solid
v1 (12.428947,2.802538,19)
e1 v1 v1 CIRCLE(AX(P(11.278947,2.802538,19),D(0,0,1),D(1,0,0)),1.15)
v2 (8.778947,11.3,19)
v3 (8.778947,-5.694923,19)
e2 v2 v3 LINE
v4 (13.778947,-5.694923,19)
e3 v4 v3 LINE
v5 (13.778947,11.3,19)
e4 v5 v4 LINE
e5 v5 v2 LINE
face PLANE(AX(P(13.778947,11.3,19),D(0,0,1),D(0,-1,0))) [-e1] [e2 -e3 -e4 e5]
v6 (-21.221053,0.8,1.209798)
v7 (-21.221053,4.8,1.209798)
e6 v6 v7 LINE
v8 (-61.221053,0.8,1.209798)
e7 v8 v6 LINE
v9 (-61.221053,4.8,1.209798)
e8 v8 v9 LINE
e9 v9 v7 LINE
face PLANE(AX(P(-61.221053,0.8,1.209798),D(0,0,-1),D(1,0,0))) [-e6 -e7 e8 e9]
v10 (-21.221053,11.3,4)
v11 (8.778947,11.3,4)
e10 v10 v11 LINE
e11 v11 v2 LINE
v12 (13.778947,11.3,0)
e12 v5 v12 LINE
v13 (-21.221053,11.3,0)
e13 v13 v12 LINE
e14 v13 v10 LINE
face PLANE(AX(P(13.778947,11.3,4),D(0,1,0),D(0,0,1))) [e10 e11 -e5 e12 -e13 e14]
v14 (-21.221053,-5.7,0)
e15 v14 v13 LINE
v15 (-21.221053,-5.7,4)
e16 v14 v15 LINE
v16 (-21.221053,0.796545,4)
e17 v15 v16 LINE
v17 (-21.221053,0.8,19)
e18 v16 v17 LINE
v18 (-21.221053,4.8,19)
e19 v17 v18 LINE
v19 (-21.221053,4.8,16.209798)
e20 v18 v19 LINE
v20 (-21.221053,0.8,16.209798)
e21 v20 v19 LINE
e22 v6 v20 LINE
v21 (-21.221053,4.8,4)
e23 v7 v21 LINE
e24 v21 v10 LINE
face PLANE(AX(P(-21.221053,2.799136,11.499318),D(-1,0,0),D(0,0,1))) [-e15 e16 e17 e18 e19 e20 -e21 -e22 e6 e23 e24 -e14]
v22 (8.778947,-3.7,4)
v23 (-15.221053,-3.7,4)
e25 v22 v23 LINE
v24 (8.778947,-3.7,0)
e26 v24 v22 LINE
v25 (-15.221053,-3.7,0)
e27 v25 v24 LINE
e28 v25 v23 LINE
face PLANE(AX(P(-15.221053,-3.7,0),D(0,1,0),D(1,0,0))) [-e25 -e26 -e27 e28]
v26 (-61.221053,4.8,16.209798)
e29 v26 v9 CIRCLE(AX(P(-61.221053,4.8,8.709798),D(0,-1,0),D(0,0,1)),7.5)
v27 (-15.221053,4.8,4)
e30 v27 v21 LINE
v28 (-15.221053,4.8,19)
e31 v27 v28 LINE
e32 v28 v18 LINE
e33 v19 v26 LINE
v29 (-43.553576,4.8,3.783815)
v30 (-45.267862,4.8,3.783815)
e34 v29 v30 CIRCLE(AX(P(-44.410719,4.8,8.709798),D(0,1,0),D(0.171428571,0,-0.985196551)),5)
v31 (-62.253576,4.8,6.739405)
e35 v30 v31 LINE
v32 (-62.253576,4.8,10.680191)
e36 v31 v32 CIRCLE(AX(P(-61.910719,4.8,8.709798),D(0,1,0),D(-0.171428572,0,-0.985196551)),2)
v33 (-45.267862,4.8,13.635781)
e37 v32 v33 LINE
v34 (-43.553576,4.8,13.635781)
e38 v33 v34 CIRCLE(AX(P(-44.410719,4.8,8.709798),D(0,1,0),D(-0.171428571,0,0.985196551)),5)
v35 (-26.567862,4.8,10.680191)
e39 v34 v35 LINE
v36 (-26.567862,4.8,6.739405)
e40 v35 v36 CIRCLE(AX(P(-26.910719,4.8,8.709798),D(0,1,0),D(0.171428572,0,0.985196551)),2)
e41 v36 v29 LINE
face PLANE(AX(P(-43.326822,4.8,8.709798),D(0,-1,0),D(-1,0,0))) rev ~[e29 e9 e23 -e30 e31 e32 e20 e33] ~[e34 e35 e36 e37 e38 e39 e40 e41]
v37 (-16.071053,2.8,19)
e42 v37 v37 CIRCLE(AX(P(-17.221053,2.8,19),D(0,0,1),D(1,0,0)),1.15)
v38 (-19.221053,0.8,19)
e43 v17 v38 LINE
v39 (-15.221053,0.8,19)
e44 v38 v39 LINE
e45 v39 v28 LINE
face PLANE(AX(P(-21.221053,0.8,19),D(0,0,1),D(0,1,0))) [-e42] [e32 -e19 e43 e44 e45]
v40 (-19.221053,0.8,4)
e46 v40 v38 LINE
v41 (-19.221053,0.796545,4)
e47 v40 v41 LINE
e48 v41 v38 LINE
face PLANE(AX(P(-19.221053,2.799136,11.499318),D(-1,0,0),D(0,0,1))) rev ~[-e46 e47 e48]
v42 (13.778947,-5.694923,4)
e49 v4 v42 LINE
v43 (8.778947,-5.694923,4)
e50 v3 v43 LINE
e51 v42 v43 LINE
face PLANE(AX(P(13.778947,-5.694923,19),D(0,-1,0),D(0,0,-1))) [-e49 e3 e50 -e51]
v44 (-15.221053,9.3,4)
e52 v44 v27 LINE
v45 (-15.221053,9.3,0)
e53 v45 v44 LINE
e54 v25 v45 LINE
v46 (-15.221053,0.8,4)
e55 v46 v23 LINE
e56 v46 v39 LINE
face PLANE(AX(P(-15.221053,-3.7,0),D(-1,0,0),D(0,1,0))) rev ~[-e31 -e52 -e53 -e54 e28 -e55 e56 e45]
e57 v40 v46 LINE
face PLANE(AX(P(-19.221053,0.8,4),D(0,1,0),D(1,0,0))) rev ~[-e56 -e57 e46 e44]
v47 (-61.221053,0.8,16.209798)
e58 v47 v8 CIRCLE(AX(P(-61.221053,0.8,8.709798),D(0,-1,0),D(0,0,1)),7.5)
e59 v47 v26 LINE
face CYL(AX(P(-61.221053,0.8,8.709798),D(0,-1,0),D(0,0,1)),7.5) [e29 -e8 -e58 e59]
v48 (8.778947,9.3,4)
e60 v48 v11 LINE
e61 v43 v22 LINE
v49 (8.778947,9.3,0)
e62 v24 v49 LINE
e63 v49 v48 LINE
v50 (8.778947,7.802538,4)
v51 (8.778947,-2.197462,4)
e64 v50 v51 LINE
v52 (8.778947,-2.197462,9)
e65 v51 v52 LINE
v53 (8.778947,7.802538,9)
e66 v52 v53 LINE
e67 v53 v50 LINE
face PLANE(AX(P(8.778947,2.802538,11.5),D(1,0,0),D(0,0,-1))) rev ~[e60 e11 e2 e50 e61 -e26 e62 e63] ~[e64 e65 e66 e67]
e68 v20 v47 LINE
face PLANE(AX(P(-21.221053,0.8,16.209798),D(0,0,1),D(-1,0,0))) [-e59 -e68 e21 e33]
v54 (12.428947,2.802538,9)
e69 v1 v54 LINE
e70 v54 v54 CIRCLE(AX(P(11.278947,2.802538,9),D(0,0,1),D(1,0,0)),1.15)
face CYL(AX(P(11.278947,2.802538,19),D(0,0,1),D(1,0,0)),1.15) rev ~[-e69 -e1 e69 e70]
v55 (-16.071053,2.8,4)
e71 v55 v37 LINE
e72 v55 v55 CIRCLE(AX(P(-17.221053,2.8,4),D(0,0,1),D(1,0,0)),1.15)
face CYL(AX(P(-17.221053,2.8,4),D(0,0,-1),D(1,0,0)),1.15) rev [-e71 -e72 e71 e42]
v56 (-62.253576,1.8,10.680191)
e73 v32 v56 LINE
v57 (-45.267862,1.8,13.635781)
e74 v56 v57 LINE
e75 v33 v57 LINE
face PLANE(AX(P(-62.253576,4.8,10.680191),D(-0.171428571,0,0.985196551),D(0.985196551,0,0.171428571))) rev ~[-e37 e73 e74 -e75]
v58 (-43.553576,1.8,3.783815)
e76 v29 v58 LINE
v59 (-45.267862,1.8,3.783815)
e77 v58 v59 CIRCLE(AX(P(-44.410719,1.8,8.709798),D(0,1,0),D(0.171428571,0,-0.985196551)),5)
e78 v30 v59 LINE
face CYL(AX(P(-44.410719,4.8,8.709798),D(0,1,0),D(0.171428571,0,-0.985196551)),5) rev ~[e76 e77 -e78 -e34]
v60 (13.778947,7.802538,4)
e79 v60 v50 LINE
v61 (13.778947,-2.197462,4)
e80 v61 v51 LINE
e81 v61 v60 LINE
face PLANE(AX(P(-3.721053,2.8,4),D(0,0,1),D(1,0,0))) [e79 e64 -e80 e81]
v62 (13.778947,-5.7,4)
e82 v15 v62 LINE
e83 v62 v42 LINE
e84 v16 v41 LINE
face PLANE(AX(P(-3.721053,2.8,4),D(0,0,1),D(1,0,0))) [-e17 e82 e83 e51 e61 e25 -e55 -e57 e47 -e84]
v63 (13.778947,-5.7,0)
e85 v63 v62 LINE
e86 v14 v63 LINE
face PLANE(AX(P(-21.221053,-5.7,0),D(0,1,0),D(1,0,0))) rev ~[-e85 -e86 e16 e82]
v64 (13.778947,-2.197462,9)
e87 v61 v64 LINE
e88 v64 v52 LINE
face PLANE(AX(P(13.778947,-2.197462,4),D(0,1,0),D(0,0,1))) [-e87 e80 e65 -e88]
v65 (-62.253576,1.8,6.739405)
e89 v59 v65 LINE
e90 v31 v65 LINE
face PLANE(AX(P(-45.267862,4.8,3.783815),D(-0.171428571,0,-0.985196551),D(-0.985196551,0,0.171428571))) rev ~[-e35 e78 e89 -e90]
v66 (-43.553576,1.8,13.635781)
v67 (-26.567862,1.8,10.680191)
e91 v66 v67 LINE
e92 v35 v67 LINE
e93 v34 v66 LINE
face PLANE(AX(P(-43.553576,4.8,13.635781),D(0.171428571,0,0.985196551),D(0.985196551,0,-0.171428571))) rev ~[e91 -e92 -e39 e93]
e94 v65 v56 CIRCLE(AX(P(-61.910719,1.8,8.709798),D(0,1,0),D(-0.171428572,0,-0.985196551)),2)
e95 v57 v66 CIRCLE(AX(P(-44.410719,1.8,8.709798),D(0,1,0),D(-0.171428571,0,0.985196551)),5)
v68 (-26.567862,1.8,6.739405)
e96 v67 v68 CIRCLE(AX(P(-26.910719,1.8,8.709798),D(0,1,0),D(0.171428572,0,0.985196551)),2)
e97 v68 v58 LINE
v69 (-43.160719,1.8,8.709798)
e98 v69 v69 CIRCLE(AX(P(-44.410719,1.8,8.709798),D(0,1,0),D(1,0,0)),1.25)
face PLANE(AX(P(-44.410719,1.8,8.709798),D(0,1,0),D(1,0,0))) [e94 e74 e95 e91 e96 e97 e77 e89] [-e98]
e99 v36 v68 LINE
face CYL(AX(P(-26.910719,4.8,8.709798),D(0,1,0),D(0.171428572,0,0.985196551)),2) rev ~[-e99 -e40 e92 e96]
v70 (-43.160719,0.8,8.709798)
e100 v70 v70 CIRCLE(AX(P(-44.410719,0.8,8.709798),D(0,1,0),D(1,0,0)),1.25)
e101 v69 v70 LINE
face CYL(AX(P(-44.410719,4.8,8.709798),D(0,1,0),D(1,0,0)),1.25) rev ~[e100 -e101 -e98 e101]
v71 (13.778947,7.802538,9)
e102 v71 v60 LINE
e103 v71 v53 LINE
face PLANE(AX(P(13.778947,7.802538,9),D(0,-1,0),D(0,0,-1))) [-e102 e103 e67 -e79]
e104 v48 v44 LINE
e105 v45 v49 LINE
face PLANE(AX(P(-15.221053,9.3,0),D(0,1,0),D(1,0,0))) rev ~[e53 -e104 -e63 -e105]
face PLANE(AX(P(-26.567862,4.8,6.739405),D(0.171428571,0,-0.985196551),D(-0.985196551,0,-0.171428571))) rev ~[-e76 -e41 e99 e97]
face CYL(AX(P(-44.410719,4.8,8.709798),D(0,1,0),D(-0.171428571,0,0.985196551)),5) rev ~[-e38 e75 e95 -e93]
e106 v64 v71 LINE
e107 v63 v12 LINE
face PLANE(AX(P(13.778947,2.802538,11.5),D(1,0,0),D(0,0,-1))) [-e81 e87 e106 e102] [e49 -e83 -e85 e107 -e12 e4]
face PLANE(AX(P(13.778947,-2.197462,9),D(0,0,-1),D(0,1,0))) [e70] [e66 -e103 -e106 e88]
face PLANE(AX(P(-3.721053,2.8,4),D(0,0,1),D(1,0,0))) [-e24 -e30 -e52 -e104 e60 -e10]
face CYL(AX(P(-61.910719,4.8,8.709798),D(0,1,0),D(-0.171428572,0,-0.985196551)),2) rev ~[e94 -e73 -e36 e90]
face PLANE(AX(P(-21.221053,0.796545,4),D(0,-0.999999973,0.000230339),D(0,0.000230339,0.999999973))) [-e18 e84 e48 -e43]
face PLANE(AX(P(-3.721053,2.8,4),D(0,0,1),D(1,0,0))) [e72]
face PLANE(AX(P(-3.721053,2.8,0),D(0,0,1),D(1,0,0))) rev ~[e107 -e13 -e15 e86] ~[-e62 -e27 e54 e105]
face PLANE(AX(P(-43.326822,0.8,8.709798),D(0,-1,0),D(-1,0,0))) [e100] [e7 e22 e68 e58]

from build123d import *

# Parameters (mm, degrees)
SKETCH_1_W          = 35
SKETCH_1_H          = 17
EXTRUDE_1_DEPTH     = 4
SKETCH_2_W          = 24
SKETCH_2_H          = 13
CUT_EXTRUDE_1_DEPTH = 6
EXTRUDE_2_DEPTH     = 5
SKETCH_5_W          = 4
SKETCH_5_H          = 4
SKETCH_5_R          = 1.15
EXTRUDE_3_DEPTH     = 15
SKETCH_6_R          = 1.15
CUT_EXTRUDE_2_DEPTH = 15
EXTRUDE_5_DEPTH     = 2
EXTRUDE_6_DEPTH     = 4
CUT_EXTRUDE_3_DEPTH = 3
SKETCH_11_R         = 1.25
CUT_EXTRUDE_4_DEPTH = 13.4


with BuildPart() as part:
    # 草圖1 → 填料-伸長1 (new body)
    with BuildSketch(Plane.XY):
        with Locations((-3.721052632, 2.8)):
            Rectangle(SKETCH_1_W, SKETCH_1_H)
    extrude(amount=EXTRUDE_1_DEPTH)

    # 草圖2 → 除料-伸長1 (cut)
    with BuildSketch(Plane.XY):
        with Locations((-3.221052632, 2.8)):
            Rectangle(SKETCH_2_W, SKETCH_2_H)
    extrude(amount=CUT_EXTRUDE_1_DEPTH, mode=Mode.SUBTRACT)

    # 草圖3 → 填料-伸長2 (add)
    with BuildSketch(Plane(origin=(13.778947368, 0, 0), x_dir=(0, 0, -1), z_dir=(1, 0, 0))):
        Polygon((-4, 7.802538439), (-4, 11.3), (-19, 11.3), (-19, -5.694923122), (-4, -5.694923122), (-4, -2.197461561), (-9, -2.197461561), (-9, 7.802538439), align=None)
    extrude(amount=-EXTRUDE_2_DEPTH)

    # 草圖5 → 填料-伸長3 (add)
    with BuildSketch(Plane.XY.offset(4)):
        with Locations((-17.221052632, 2.8)):
            Rectangle(SKETCH_5_W, SKETCH_5_H)
        with Locations((-17.221052632, 2.8)):
            Circle(SKETCH_5_R, mode=Mode.SUBTRACT)
    extrude(amount=EXTRUDE_3_DEPTH)

    # 草圖6 → 除料-伸長2 (cut)
    with BuildSketch(Plane.XY.offset(19)):
        with Locations((11.278947368, 2.802538439)):
            Circle(SKETCH_6_R)
    extrude(amount=-CUT_EXTRUDE_2_DEPTH, mode=Mode.SUBTRACT)

    # 草圖7 → 填料-伸長5 (add)
    with BuildSketch(Plane.ZY.offset(21.221052632)):
        Polygon((4, 4.8), (4, 0.796544916), (19, 0.8), (19, 4.8), align=None)
    extrude(amount=-EXTRUDE_5_DEPTH)

    # 草圖9 → 填料-伸長6 (add)
    with BuildSketch(Plane(origin=(0, 0.8, 0), x_dir=(-1, 0, 0), z_dir=(0, -1, 0))):
        with BuildLine():
            Line((21.221052632, -1.209797885), (21.221052632, -16.209797885))
            Line((21.221052632, -16.209797885), (61.221052632, -16.209797885))
            ThreePointArc((61.221052632, -16.209797885), (68.721052632, -8.709797885), (61.221052632, -1.209797885))
            Line((61.221052632, -1.209797885), (21.221052632, -1.209797885))
        make_face()
    extrude(amount=-EXTRUDE_6_DEPTH)

    # 草圖10 → 除料-伸長3 (cut)
    with BuildSketch(Plane(origin=(0, 4.8, 0), x_dir=(1, 0, 0), z_dir=(0, 1, 0))):
        with BuildLine():
            Line((-45.267861932, -3.783815128), (-62.253576218, -6.739404782))
            ThreePointArc((-62.253576218, -6.739404782), (-63.910719075, -8.709797885), (-62.253576218, -10.680190988))
            Line((-62.253576218, -10.680190988), (-45.267861932, -13.635780642))
            ThreePointArc((-45.267861932, -13.635780642), (-44.410719075, -13.709797885), (-43.553576218, -13.635780642))
            Line((-43.553576218, -13.635780642), (-26.567861932, -10.680190988))
            ThreePointArc((-26.567861932, -10.680190988), (-24.910719075, -8.709797885), (-26.567861932, -6.739404782))
            Line((-26.567861932, -6.739404782), (-43.553576218, -3.783815128))
            ThreePointArc((-43.553576218, -3.783815128), (-44.410719075, -3.709797885), (-45.267861932, -3.783815128))
        make_face()
    extrude(amount=-CUT_EXTRUDE_3_DEPTH, mode=Mode.SUBTRACT)

    # 草圖11 → 除料-伸長4 (cut)
    with BuildSketch(Plane(origin=(0, 4.8, 0), x_dir=(1, 0, 0), z_dir=(0, 1, 0))):
        with Locations((-44.410719075, -8.709797885)):
            Circle(SKETCH_11_R)
    extrude(amount=-CUT_EXTRUDE_4_DEPTH, mode=Mode.SUBTRACT)


solid = part.part
